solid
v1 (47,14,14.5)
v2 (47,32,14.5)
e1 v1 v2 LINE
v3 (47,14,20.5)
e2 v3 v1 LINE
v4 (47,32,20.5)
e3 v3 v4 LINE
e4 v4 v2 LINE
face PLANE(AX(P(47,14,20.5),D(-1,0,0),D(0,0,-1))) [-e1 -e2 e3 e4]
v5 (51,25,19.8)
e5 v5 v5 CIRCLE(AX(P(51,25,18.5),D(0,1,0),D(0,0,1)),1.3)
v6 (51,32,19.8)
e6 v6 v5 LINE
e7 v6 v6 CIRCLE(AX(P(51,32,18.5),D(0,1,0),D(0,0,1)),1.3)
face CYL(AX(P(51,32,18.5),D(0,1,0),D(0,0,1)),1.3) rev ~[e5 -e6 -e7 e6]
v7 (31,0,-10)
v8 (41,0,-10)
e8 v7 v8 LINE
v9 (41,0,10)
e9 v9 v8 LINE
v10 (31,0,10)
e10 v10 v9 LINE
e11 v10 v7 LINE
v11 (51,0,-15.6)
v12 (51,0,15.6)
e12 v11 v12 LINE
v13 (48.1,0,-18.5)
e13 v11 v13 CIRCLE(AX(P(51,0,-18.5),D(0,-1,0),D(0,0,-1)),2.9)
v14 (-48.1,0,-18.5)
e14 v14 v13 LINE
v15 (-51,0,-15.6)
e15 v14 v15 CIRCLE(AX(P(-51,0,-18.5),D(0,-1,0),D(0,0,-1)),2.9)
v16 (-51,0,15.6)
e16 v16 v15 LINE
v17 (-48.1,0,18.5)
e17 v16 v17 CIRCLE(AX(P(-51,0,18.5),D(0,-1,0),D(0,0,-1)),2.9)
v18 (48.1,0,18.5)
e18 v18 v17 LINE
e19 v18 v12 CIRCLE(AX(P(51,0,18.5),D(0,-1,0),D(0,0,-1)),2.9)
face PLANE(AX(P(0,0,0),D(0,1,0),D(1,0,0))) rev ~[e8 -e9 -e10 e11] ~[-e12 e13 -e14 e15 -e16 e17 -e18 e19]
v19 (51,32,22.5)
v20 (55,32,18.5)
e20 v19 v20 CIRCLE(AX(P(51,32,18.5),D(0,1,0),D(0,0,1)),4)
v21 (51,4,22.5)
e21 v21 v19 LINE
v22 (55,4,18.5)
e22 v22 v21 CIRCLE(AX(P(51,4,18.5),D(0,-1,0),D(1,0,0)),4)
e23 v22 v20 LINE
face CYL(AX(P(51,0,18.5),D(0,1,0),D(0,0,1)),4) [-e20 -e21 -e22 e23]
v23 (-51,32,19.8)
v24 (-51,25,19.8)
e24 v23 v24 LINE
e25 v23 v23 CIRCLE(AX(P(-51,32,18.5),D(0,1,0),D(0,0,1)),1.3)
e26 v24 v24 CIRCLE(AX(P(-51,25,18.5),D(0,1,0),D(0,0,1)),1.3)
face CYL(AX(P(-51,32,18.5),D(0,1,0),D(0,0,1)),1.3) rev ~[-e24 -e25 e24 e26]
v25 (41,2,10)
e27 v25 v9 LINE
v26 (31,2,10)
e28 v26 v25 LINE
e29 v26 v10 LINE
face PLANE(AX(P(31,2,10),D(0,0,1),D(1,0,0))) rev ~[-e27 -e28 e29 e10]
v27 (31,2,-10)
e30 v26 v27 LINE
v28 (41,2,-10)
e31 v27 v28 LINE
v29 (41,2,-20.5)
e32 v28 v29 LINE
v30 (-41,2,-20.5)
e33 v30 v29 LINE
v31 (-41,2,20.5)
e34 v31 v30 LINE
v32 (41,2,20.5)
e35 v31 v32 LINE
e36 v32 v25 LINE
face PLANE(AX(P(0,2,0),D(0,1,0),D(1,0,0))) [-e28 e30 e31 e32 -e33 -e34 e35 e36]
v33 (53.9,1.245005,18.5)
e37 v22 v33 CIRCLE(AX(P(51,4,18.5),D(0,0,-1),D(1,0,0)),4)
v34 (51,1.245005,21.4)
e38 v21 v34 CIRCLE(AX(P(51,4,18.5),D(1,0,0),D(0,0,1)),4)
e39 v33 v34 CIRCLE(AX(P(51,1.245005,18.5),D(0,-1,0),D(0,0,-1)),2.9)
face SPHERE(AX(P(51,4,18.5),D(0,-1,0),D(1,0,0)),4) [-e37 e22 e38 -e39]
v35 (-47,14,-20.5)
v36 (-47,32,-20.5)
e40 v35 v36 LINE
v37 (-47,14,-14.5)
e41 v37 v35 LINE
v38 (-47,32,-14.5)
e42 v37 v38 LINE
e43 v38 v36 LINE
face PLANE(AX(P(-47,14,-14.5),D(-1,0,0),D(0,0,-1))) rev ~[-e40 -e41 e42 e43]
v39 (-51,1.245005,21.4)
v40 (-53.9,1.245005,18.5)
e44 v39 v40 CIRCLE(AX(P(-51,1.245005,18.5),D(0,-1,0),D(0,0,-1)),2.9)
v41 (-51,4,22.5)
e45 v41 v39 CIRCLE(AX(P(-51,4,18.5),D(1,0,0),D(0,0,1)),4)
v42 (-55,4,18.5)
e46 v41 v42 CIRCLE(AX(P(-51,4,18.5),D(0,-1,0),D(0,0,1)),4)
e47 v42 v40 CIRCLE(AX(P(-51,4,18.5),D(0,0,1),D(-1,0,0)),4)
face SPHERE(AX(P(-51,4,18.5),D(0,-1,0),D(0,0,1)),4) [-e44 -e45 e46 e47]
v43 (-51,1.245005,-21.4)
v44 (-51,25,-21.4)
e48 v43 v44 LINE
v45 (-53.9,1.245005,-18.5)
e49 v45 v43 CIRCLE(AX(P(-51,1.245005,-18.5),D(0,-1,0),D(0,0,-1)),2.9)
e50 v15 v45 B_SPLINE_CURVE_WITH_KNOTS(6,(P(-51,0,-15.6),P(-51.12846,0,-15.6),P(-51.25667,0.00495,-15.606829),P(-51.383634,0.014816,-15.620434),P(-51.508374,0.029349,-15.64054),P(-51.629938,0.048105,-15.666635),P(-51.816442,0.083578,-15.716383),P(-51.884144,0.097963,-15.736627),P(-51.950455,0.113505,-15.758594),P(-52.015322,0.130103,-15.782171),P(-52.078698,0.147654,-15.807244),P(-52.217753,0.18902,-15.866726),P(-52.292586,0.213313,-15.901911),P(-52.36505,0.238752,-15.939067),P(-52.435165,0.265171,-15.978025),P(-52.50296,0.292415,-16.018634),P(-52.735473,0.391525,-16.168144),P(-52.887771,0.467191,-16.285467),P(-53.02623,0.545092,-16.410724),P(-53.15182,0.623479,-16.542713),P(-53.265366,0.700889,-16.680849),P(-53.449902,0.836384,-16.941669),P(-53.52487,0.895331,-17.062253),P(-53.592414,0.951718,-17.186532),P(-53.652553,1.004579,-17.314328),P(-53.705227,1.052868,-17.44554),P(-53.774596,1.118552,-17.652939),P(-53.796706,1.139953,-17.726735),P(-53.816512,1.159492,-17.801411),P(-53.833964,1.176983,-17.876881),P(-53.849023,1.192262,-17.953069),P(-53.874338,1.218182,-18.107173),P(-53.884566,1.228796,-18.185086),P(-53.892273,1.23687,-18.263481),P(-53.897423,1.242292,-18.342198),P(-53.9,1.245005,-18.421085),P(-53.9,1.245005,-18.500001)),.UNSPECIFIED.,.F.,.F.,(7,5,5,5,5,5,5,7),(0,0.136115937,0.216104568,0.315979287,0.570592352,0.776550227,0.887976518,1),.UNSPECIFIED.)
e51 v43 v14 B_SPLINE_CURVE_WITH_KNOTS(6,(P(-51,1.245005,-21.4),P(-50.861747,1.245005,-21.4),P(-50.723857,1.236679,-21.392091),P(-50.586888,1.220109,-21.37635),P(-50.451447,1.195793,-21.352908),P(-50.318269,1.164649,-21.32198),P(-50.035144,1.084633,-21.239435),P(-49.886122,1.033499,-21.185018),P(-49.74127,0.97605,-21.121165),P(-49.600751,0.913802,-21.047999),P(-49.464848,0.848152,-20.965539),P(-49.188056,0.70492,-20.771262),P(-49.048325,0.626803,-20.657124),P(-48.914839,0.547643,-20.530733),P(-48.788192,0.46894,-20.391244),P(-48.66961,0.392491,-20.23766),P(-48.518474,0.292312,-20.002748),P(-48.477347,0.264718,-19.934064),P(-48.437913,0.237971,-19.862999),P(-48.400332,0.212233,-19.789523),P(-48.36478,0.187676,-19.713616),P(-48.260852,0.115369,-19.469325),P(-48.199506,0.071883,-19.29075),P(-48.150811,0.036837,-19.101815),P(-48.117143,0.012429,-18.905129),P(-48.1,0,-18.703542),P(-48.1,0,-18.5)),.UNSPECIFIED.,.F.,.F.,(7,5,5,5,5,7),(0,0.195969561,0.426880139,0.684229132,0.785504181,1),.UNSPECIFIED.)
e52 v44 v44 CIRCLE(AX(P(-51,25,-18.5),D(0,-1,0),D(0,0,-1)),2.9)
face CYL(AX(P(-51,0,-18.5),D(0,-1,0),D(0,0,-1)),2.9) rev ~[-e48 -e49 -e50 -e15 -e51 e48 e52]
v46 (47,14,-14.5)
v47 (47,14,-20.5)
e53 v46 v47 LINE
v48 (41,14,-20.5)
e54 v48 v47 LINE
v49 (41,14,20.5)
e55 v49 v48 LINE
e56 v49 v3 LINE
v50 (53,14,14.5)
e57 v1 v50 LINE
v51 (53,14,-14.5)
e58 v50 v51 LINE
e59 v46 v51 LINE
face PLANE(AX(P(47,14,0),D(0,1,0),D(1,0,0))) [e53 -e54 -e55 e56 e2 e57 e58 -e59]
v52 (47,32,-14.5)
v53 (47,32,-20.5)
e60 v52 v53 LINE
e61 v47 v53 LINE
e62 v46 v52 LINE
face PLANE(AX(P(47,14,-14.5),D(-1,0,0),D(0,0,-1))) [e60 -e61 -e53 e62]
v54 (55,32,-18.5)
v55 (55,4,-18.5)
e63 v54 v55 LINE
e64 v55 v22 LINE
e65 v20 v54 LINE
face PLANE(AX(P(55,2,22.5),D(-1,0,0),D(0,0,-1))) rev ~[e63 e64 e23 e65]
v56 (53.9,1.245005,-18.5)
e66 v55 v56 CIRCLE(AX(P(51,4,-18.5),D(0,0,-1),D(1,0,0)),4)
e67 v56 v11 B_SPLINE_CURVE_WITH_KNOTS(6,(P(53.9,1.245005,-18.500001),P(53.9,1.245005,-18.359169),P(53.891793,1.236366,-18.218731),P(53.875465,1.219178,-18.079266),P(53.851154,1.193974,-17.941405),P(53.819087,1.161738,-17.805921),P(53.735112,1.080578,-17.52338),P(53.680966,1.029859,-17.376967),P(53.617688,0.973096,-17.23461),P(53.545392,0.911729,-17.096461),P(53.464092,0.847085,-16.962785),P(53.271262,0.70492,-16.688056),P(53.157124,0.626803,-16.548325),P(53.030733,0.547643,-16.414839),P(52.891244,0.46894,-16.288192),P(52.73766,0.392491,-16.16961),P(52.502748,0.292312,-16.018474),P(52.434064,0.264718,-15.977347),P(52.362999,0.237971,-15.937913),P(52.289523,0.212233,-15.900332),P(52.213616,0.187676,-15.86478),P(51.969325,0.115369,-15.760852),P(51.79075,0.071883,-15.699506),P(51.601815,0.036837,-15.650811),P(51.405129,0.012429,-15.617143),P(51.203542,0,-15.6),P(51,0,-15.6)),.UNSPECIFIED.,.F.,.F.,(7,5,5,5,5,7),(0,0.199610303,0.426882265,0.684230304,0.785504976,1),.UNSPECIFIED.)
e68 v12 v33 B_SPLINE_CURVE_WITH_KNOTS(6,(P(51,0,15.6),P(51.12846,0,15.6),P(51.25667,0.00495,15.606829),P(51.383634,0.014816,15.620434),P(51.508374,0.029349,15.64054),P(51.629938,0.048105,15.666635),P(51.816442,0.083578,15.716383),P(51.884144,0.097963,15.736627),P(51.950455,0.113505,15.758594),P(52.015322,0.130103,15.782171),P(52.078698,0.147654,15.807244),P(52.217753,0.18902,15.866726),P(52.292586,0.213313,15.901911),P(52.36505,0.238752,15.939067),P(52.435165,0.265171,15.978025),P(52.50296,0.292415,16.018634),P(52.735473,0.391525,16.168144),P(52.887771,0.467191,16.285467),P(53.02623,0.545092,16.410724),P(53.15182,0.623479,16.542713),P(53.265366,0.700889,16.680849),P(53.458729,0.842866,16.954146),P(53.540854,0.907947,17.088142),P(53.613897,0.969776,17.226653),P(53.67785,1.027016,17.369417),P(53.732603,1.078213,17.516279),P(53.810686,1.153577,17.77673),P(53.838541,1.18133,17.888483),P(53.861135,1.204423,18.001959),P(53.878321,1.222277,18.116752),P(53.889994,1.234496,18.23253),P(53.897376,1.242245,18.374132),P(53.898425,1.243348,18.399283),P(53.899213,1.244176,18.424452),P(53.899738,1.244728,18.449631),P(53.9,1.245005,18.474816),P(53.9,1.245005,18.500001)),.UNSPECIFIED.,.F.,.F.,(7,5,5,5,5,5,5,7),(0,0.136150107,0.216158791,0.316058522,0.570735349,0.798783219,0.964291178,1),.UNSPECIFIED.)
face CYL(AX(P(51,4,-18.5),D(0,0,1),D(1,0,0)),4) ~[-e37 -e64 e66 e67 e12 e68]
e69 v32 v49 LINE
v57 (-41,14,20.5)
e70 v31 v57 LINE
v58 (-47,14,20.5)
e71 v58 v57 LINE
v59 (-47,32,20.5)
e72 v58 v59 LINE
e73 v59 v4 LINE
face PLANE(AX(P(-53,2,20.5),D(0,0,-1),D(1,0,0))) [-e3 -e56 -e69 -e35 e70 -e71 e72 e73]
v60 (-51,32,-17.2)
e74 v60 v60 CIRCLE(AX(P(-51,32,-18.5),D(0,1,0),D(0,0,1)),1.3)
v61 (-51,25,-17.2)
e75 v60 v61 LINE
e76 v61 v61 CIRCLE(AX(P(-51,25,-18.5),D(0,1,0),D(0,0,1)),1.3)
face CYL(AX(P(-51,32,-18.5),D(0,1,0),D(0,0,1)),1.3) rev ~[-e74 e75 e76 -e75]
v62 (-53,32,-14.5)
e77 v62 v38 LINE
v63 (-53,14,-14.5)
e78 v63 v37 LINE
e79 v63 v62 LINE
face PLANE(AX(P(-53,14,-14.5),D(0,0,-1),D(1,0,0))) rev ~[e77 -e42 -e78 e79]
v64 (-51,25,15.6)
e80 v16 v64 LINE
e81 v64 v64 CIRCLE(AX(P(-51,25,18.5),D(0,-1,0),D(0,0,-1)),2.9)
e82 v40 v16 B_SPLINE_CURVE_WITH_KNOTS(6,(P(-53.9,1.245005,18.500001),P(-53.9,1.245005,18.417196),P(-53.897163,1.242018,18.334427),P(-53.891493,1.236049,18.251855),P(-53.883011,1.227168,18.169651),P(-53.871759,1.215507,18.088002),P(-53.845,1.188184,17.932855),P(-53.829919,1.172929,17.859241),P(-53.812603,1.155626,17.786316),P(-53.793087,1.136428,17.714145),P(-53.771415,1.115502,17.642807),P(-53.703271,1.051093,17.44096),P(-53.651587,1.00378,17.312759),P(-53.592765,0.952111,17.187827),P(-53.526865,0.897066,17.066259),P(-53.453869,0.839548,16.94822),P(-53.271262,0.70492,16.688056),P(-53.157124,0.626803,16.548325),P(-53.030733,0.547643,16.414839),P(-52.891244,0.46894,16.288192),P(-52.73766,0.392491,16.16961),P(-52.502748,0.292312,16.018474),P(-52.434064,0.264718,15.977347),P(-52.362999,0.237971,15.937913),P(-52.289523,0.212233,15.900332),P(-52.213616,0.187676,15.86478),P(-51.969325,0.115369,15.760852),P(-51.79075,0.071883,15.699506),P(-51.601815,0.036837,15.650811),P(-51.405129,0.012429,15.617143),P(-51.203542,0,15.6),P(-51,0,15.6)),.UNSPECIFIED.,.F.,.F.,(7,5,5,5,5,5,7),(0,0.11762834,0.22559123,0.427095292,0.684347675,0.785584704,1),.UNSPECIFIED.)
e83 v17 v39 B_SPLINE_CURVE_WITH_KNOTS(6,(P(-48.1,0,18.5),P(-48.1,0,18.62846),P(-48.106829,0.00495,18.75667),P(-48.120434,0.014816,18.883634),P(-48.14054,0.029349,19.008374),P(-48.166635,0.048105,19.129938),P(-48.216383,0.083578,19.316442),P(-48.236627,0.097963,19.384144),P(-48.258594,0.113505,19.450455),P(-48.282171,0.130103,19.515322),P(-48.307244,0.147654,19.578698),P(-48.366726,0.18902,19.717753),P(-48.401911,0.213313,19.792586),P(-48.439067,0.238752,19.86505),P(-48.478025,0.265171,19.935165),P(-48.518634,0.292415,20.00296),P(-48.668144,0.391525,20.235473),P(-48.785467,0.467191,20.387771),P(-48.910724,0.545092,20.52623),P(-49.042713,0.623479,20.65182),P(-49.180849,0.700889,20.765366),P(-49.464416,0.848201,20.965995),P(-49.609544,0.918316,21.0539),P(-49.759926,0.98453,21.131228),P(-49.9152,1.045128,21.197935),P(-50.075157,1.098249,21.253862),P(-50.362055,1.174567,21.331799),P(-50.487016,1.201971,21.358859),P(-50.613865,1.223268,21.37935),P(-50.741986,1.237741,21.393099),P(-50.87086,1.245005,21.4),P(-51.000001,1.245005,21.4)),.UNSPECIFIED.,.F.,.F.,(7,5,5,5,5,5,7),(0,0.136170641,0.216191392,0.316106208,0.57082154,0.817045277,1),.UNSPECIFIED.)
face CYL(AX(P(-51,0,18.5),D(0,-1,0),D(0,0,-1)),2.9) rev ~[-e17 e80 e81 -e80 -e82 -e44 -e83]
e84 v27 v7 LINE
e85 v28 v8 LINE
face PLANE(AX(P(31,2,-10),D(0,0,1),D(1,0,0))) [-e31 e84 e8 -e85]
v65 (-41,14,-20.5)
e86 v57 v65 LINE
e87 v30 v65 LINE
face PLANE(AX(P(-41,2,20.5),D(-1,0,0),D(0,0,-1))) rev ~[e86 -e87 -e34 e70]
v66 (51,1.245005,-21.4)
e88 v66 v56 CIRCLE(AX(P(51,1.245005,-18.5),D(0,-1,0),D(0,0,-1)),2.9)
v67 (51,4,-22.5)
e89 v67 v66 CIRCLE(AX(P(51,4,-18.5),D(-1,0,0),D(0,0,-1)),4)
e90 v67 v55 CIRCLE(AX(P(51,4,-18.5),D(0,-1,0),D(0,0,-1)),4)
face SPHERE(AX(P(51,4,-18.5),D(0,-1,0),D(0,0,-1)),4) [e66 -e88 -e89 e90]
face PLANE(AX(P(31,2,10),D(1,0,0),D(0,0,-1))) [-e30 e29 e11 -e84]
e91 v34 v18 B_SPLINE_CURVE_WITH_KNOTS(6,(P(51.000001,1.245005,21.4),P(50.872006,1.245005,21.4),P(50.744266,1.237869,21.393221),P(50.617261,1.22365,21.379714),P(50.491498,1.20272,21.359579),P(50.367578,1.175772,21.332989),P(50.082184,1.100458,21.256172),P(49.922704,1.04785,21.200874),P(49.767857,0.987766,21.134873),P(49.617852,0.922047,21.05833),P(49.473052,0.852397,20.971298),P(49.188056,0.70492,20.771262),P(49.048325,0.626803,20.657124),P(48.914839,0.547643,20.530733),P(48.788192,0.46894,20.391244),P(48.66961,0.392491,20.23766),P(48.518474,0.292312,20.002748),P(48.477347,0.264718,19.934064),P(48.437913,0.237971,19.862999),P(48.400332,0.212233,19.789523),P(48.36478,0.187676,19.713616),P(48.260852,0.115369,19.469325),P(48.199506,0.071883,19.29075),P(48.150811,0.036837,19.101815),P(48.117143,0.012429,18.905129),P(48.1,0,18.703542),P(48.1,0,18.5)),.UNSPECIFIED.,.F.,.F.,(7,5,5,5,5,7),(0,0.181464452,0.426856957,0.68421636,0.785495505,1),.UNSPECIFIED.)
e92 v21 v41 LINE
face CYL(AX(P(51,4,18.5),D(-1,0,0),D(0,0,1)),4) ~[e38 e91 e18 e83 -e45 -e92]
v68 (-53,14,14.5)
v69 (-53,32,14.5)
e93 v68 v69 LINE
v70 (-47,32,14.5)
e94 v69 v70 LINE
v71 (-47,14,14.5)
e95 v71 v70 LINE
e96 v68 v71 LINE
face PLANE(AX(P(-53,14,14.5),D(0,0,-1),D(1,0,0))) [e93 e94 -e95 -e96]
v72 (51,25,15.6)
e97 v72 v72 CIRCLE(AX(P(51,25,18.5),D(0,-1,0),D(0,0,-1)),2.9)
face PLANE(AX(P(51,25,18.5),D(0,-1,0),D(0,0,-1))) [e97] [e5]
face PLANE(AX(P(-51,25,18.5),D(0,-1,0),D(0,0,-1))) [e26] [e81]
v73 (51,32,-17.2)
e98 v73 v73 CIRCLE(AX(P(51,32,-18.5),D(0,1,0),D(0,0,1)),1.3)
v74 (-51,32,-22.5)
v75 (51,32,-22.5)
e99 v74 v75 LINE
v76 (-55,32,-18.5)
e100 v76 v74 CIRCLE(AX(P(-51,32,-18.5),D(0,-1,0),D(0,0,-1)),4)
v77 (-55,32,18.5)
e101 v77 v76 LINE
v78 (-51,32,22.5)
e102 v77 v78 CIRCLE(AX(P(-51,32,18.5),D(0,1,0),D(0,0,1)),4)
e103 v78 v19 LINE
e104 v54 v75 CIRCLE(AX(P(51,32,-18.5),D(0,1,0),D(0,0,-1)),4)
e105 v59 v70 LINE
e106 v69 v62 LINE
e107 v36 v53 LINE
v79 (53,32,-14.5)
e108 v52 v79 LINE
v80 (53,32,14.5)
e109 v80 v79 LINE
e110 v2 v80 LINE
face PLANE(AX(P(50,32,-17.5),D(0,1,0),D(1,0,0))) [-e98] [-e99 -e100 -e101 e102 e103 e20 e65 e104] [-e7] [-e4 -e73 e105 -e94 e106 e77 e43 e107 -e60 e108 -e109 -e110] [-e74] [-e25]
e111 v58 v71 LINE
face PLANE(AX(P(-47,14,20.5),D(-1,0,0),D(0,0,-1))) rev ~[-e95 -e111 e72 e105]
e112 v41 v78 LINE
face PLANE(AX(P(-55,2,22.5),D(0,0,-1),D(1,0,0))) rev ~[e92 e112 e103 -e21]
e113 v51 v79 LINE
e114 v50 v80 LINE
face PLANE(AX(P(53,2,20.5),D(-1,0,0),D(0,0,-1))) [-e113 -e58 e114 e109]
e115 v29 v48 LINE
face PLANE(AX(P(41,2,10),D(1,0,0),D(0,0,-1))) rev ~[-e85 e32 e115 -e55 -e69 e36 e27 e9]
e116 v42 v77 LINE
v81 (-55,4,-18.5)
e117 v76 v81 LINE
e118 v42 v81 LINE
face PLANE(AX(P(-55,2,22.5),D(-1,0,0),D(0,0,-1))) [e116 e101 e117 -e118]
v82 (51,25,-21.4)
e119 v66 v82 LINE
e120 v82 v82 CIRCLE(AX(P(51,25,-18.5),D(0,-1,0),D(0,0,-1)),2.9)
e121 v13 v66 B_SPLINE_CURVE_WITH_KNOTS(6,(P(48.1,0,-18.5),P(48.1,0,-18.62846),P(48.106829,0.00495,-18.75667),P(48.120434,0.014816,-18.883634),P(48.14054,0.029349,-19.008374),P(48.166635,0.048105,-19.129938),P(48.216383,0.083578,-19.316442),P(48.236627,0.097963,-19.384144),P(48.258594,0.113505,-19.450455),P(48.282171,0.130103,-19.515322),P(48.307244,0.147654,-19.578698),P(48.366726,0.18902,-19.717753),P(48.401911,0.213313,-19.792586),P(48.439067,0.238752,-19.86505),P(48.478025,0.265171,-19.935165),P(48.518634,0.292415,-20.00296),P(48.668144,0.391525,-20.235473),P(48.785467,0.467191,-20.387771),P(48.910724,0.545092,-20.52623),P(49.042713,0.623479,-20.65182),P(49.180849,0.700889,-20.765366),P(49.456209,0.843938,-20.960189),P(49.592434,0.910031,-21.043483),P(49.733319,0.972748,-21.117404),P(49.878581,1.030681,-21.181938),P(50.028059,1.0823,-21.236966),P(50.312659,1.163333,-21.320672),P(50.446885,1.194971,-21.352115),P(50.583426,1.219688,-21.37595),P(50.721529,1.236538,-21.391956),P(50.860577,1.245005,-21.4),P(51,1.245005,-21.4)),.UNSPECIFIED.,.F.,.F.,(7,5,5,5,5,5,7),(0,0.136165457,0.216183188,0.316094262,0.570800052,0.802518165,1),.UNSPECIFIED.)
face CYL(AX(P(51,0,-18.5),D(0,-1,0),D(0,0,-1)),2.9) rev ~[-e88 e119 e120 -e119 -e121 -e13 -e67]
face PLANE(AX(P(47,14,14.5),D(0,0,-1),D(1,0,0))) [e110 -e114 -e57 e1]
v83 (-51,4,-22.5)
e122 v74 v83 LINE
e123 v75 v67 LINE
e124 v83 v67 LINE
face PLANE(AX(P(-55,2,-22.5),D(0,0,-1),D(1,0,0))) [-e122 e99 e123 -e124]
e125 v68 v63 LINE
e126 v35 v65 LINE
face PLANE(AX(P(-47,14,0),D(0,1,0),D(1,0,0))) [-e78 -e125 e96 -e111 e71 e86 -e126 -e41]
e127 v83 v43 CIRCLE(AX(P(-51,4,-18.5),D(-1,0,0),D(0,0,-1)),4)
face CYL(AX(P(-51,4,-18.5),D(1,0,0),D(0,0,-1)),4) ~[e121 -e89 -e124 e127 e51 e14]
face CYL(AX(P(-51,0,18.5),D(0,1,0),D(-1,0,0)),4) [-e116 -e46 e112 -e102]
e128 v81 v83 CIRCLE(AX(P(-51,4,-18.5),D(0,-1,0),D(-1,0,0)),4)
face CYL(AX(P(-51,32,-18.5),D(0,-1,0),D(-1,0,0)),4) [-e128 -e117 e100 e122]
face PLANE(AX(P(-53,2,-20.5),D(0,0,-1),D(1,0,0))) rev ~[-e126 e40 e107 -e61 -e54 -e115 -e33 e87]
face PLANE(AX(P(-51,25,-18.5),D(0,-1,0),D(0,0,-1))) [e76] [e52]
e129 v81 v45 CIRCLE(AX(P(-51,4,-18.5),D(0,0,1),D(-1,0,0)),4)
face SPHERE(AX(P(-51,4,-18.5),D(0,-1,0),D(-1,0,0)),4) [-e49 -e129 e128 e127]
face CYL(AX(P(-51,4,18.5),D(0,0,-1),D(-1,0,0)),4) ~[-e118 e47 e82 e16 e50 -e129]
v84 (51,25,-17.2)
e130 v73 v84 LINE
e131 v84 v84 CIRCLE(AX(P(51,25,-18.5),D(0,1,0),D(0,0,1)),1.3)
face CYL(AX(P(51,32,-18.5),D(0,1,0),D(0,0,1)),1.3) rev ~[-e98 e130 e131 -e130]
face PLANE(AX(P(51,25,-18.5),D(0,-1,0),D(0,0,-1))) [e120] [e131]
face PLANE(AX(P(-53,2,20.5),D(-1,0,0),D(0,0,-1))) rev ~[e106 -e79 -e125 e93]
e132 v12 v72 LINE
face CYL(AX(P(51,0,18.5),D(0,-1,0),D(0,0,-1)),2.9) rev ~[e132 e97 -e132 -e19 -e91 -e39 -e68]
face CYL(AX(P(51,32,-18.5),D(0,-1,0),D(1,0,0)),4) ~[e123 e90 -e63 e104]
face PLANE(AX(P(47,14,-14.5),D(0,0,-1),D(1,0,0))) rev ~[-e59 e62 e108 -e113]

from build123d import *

# Parameters (mm, degrees)
SKETCH1_W           = 110
SKETCH1_H           = 45
BOSS_EXTRUDE1_DEPTH = 2
SKETCH3_W           = 110
SKETCH3_H           = 45
SKETCH3_W_2         = 106
SKETCH3_H_2         = 41
BOSS_EXTRUDE2_DEPTH = 30
SKETCH4_W           = 12
SKETCH4_H           = 41
BOSS_EXTRUDE3_DEPTH = 12
SKETCH5_W           = 6
SKETCH5_H           = 6
BOSS_EXTRUDE4_DEPTH = 18
SKETCH6_W           = 6
SKETCH6_H           = 6
BOSS_EXTRUDE5_DEPTH = 18
FILLET1_R           = 4
FILLET2_R           = 4
SKETCH7_R           = 1.3
CUT_EXTRUDE1_DEPTH  = 34
SKETCH8_R           = 2.9
CUT_EXTRUDE2_DEPTH  = 25
SKETCH9_W           = 10
SKETCH9_H           = 20
CUT_EXTRUDE3_DEPTH  = 10


with BuildPart() as part:
    # Sketch1 → Boss-Extrude1 (new body)
    with BuildSketch(Plane(origin=(0, 0, 0), x_dir=(1, 0, 0), z_dir=(0, 1, 0))):
        Rectangle(SKETCH1_W, SKETCH1_H)
    extrude(amount=BOSS_EXTRUDE1_DEPTH)

    # Sketch3 → Boss-Extrude2 (add)
    with BuildSketch(Plane(origin=(0, 2, 0), x_dir=(1, 0, 0), z_dir=(0, 1, 0))):
        Rectangle(SKETCH3_W, SKETCH3_H)
        Rectangle(SKETCH3_W_2, SKETCH3_H_2, mode=Mode.SUBTRACT)
    extrude(amount=BOSS_EXTRUDE2_DEPTH)

    # Sketch4 → Boss-Extrude3 (add)
    with BuildSketch(Plane(origin=(0, 2, 0), x_dir=(1, 0, 0), z_dir=(0, 1, 0))):
        with Locations((-47, 0)):
            Rectangle(SKETCH4_W, SKETCH4_H)
        with Locations((47, 0)):
            Rectangle(SKETCH4_W, SKETCH4_H)
    extrude(amount=BOSS_EXTRUDE3_DEPTH)

    # Sketch5 → Boss-Extrude4 (add)
    with BuildSketch(Plane(origin=(0, 14, 0), x_dir=(1, 0, 0), z_dir=(0, 1, 0))):
        with Locations((-50, 17.5)):
            Rectangle(SKETCH5_W, SKETCH5_H)
        with Locations((-50, -17.5)):
            Rectangle(SKETCH5_W, SKETCH5_H)
    extrude(amount=BOSS_EXTRUDE4_DEPTH)

    # Sketch6 → Boss-Extrude5 (add)
    with BuildSketch(Plane(origin=(0, 14, 0), x_dir=(1, 0, 0), z_dir=(0, 1, 0))):
        with Locations((50, 17.5)):
            Rectangle(SKETCH6_W, SKETCH6_H)
        with Locations((50, -17.5)):
            Rectangle(SKETCH6_W, SKETCH6_H)
    extrude(amount=BOSS_EXTRUDE5_DEPTH)

    # Fillet1
    fillet1_edges = [part.edges().sort_by_distance(p)[0] for p in [
        (55, 16, 22.5),
        (-55, 16, 22.5),
        (-55, 16, -22.5),
        (55, 16, -22.5),
    ]]
    fillet(fillet1_edges, radius=FILLET1_R)

    # Fillet2
    fillet2_edges = [part.edges().sort_by_distance(p)[0] for p in [
        (0, 0, -22.5),
        (55, 0, 0),
        (0, 0, 22.5),
        (-55, 0, 0),
        (-53.828427125, 0, -21.328427125),
        (-53.828427125, 0, 21.328427125),
        (53.828427125, 0, 21.328427125),
        (53.828427125, 0, -21.328427125),
    ]]
    fillet(fillet2_edges, radius=FILLET2_R)

    # Sketch7 → Cut-Extrude1 (cut)
    with BuildSketch(Plane(origin=(0, 32, 0), x_dir=(1, 0, 0), z_dir=(0, 1, 0))):
        with Locations(Location((-51, 18.5, 0), (0, 0, 270))):
            Circle(SKETCH7_R)
        with Locations(Location((51, 18.5, 0), (0, 0, 270))):
            Circle(SKETCH7_R)
        with Locations(Location((51, -18.5, 0), (0, 0, 270))):
            Circle(SKETCH7_R)
        with Locations(Location((-51, -18.5, 0), (0, 0, 270))):
            Circle(SKETCH7_R)
    extrude(amount=-CUT_EXTRUDE1_DEPTH, mode=Mode.SUBTRACT)

    # Sketch8 → Cut-Extrude2 (cut)
    with BuildSketch(Plane.XZ):
        with Locations(Location((-51, 18.5, 0), (0, 0, 270))):
            Circle(SKETCH8_R)
        with Locations(Location((-51, -18.5, 0), (0, 0, 270))):
            Circle(SKETCH8_R)
        with Locations(Location((51, -18.5, 0), (0, 0, 270))):
            Circle(SKETCH8_R)
        with Locations(Location((51, 18.5, 0), (0, 0, 270))):
            Circle(SKETCH8_R)
    extrude(amount=-CUT_EXTRUDE2_DEPTH, mode=Mode.SUBTRACT)

    # Sketch9 → Cut-Extrude3 (cut)
    with BuildSketch(Plane(origin=(0, 2, 0), x_dir=(1, 0, 0), z_dir=(0, 1, 0))):
        with Locations((36, 0)):
            Rectangle(SKETCH9_W, SKETCH9_H)
    extrude(amount=-CUT_EXTRUDE3_DEPTH, mode=Mode.SUBTRACT)


solid = part.part
